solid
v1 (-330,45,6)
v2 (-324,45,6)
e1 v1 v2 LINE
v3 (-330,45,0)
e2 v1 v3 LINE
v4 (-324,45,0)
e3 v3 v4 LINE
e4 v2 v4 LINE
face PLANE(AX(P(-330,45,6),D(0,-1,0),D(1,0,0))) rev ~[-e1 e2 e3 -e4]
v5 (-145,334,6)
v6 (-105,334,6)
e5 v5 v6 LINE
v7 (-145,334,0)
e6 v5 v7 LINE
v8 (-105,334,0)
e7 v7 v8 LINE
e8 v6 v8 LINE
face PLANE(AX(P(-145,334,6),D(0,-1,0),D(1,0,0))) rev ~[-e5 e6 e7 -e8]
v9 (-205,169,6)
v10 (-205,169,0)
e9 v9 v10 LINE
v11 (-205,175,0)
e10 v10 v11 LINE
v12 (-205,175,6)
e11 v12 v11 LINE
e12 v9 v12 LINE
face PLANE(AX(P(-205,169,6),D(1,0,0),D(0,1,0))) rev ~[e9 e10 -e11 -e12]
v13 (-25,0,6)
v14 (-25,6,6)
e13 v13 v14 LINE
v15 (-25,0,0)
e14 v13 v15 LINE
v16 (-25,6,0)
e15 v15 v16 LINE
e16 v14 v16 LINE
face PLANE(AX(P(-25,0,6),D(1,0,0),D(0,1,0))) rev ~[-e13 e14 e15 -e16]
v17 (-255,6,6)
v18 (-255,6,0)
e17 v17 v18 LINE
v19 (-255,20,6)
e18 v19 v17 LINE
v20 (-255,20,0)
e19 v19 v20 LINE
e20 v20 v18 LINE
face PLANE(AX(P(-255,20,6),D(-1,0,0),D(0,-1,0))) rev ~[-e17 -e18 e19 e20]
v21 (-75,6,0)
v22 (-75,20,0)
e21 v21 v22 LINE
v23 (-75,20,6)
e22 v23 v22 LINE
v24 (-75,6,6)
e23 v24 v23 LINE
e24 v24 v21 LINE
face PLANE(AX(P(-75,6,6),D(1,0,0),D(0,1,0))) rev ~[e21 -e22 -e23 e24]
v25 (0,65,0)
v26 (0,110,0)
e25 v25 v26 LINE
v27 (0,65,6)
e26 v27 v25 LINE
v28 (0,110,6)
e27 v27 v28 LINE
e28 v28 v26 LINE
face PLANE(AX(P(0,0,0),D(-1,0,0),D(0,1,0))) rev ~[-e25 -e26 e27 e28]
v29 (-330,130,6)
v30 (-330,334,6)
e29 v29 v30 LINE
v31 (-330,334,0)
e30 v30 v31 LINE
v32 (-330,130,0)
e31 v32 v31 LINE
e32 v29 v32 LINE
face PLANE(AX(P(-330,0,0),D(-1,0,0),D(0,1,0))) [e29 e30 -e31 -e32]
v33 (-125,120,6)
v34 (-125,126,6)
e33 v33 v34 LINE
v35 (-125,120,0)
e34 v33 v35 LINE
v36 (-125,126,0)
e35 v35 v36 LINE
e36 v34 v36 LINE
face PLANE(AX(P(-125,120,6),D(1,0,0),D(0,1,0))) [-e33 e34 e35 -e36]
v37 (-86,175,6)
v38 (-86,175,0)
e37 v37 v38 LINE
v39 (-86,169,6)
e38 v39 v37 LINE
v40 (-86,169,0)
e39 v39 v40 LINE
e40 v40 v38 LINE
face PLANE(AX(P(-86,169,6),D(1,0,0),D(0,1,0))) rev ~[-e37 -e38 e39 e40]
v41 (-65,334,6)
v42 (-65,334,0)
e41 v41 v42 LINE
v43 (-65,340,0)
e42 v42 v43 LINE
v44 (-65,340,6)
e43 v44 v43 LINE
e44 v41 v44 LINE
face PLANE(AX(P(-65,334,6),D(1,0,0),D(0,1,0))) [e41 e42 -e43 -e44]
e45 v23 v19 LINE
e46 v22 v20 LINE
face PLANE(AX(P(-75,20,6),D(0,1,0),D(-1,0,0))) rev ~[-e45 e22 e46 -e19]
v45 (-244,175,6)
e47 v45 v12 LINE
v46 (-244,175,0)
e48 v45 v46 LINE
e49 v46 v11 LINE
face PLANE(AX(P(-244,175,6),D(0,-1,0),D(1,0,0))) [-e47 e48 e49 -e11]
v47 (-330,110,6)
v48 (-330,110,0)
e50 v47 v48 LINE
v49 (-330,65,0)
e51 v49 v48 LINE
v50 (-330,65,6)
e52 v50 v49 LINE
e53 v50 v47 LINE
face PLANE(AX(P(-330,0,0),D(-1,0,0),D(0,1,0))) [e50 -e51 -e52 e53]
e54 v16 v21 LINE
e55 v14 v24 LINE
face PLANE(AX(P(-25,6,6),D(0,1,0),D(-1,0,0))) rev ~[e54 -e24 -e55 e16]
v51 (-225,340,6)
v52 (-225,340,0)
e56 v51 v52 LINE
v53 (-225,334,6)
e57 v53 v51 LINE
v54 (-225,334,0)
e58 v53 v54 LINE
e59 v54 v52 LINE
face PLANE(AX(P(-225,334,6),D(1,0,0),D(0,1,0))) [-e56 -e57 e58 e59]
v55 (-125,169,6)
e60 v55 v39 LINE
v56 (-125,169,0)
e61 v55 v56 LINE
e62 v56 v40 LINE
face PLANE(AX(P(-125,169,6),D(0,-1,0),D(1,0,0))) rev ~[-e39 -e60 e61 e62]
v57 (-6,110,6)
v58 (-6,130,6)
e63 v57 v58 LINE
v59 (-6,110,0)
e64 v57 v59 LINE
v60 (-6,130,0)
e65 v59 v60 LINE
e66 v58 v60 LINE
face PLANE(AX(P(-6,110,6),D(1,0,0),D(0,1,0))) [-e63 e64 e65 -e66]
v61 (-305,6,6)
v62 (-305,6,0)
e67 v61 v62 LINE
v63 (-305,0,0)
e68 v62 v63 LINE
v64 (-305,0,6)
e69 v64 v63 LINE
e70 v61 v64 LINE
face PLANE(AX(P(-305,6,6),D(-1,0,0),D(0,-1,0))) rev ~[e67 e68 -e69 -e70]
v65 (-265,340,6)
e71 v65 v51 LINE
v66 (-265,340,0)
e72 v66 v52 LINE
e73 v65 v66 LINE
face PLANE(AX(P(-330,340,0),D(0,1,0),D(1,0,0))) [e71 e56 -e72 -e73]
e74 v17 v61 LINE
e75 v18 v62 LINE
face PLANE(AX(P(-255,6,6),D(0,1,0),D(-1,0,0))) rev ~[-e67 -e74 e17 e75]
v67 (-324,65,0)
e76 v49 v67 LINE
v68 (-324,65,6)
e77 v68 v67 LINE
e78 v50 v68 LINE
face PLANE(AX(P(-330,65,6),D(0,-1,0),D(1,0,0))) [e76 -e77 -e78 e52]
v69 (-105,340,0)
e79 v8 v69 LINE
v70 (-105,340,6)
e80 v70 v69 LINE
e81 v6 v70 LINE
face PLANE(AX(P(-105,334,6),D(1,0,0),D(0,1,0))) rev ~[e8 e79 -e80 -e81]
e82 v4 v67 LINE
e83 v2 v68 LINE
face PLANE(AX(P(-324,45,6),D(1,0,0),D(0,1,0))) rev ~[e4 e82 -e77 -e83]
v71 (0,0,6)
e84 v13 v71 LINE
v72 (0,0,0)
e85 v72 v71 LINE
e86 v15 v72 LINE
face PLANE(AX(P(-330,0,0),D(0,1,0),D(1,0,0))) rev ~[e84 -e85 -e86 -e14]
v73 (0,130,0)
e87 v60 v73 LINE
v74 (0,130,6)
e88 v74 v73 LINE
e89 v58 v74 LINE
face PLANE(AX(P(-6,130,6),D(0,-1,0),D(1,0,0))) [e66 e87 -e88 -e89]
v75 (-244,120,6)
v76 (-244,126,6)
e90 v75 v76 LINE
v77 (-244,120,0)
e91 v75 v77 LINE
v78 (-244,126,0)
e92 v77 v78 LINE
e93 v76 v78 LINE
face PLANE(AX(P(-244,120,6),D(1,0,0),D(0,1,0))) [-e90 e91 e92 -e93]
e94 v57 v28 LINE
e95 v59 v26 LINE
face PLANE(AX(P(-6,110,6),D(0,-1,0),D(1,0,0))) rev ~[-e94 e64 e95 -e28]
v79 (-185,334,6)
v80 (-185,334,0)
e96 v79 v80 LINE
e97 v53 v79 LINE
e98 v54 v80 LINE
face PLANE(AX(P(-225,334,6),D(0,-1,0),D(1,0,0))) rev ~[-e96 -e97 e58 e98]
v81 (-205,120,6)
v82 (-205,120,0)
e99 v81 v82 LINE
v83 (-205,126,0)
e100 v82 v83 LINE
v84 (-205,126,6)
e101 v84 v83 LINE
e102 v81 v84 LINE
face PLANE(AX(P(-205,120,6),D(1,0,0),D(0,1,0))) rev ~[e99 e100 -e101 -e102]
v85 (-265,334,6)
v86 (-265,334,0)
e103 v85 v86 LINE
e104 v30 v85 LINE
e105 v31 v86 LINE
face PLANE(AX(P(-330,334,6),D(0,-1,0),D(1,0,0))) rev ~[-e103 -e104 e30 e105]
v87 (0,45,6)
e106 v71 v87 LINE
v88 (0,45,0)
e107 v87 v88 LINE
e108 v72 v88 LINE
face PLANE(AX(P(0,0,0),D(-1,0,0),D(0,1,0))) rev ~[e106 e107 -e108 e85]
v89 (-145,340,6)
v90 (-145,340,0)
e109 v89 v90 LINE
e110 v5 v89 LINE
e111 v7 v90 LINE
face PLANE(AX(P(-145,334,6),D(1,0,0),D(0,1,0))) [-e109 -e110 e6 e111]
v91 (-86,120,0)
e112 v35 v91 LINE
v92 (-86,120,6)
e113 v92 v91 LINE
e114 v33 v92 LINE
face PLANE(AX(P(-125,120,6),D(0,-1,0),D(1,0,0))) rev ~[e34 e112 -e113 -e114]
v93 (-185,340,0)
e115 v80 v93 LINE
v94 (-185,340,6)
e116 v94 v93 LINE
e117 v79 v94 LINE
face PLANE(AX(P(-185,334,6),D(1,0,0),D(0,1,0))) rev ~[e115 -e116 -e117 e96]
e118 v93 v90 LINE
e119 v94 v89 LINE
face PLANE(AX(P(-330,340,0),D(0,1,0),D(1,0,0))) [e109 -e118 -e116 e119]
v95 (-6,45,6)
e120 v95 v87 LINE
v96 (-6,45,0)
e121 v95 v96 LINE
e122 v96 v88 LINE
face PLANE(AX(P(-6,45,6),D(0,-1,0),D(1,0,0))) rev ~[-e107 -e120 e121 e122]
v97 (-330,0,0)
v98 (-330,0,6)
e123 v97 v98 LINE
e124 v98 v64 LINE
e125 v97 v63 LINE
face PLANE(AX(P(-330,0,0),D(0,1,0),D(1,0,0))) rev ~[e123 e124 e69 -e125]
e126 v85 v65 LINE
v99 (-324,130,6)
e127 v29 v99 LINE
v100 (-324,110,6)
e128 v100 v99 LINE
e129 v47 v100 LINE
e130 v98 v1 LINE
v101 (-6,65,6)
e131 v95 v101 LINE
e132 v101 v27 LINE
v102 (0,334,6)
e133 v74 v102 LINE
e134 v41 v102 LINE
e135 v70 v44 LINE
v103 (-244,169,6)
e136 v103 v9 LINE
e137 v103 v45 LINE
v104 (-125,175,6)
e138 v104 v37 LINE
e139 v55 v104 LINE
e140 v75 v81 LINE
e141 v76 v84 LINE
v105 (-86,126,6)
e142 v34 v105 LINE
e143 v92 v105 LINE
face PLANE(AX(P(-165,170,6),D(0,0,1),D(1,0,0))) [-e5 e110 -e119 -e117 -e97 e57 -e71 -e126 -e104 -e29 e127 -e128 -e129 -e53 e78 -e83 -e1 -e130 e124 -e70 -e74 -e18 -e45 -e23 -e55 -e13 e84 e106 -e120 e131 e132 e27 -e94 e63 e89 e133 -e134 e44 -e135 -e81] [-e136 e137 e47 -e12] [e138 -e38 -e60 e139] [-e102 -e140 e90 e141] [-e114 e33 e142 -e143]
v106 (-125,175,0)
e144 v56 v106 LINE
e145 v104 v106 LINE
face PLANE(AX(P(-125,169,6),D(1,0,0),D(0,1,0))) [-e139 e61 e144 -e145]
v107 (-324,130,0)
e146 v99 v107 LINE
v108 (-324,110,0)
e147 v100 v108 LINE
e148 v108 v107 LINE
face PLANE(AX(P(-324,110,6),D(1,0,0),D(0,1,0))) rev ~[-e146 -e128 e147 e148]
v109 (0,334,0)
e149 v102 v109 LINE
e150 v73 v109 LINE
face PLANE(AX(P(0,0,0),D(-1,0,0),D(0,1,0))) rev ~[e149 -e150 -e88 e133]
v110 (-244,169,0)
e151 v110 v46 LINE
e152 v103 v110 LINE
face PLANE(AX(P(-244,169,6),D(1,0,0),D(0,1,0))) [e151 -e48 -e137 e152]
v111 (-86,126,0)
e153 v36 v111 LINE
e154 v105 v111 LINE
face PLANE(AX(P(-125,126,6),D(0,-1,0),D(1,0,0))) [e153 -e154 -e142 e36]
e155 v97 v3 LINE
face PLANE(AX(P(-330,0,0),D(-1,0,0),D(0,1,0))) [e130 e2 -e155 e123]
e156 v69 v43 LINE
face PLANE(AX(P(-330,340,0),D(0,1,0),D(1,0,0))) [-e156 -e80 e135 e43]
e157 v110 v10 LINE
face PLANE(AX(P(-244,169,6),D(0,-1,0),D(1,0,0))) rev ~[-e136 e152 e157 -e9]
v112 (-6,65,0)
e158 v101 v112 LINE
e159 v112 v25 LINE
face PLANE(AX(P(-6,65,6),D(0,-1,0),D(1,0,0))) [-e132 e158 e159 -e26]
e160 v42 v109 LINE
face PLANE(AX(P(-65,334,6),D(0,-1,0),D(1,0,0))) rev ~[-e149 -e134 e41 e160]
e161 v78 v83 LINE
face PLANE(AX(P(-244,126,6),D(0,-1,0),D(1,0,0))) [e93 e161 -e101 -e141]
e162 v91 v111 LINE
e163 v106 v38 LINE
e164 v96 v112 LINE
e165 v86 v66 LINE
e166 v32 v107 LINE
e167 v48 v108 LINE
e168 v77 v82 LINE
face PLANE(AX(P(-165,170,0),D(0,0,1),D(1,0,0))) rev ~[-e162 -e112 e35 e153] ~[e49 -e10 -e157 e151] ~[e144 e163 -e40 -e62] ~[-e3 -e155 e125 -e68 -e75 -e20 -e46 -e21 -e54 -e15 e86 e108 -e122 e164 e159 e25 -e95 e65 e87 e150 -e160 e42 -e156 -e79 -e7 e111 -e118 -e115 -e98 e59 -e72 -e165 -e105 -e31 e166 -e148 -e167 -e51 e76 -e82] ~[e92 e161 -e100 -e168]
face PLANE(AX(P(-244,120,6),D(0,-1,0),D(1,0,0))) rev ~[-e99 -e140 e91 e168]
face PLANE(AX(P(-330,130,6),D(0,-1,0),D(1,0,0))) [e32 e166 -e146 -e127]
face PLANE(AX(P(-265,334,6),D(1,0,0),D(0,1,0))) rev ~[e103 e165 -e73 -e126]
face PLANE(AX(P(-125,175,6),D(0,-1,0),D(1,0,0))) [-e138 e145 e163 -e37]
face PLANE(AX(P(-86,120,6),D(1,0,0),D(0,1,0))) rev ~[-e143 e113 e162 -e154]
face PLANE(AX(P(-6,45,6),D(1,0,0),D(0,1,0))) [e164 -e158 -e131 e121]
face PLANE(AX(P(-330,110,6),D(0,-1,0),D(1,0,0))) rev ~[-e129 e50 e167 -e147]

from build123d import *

# Parameters (mm, degrees)
ESQUISSE1_W             = 330
ESQUISSE1_H             = 340
BOSS_EXTRU_1_DEPTH      = 6
ESQUISSE2_W             = 39
ESQUISSE2_H             = 6
ESQUISSE2_W_2           = 6
ESQUISSE2_H_2           = 20
ESQUISSE2_W_3           = 65
ESQUISSE2_W_4           = 40
ENL_V_MAT_ENCOCHE_DEPTH = 474.852297662


with BuildPart() as part:
    # Esquisse1 → Boss.-Extru.1 (new body)
    with BuildSketch(Plane.XY):
        with Locations((-165, 170)):
            Rectangle(ESQUISSE1_W, ESQUISSE1_H)
    extrude(amount=BOSS_EXTRU_1_DEPTH)

    # Esquisse2 → Enlèv. mat encoche (cut, through all)
    with BuildSketch(Plane.XY.offset(6)):
        with Locations((-224.5, 172)):
            Rectangle(ESQUISSE2_W, ESQUISSE2_H)
        with Locations((-105.5, 172)):
            Rectangle(ESQUISSE2_W, ESQUISSE2_H)
        with Locations((-327, 120)):
            Rectangle(ESQUISSE2_W_2, ESQUISSE2_H_2)
        with Locations((-327, 55)):
            Rectangle(ESQUISSE2_W_2, ESQUISSE2_H_2)
        with Locations((-3, 120)):
            Rectangle(ESQUISSE2_W_2, ESQUISSE2_H_2)
        with Locations((-3, 55)):
            Rectangle(ESQUISSE2_W_2, ESQUISSE2_H_2)
        with Locations((-224.5, 123)):
            Rectangle(ESQUISSE2_W, ESQUISSE2_H)
        with Locations((-105.5, 123)):
            Rectangle(ESQUISSE2_W, ESQUISSE2_H)
        with Locations((-297.5, 337)):
            Rectangle(ESQUISSE2_W_3, ESQUISSE2_H)
        with Locations((-205, 337)):
            Rectangle(ESQUISSE2_W_4, ESQUISSE2_H)
        with Locations((-125, 337)):
            Rectangle(ESQUISSE2_W_4, ESQUISSE2_H)
        with Locations((-32.5, 337)):
            Rectangle(ESQUISSE2_W_3, ESQUISSE2_H)
        Polygon((-305, 0), (-255, 0), (-75, 0), (-25, 0), (-25, 6), (-75, 6), (-75, 20), (-255, 20), (-255, 6), (-305, 6), align=None)
    extrude(amount=-ENL_V_MAT_ENCOCHE_DEPTH, mode=Mode.SUBTRACT)


solid = part.part
